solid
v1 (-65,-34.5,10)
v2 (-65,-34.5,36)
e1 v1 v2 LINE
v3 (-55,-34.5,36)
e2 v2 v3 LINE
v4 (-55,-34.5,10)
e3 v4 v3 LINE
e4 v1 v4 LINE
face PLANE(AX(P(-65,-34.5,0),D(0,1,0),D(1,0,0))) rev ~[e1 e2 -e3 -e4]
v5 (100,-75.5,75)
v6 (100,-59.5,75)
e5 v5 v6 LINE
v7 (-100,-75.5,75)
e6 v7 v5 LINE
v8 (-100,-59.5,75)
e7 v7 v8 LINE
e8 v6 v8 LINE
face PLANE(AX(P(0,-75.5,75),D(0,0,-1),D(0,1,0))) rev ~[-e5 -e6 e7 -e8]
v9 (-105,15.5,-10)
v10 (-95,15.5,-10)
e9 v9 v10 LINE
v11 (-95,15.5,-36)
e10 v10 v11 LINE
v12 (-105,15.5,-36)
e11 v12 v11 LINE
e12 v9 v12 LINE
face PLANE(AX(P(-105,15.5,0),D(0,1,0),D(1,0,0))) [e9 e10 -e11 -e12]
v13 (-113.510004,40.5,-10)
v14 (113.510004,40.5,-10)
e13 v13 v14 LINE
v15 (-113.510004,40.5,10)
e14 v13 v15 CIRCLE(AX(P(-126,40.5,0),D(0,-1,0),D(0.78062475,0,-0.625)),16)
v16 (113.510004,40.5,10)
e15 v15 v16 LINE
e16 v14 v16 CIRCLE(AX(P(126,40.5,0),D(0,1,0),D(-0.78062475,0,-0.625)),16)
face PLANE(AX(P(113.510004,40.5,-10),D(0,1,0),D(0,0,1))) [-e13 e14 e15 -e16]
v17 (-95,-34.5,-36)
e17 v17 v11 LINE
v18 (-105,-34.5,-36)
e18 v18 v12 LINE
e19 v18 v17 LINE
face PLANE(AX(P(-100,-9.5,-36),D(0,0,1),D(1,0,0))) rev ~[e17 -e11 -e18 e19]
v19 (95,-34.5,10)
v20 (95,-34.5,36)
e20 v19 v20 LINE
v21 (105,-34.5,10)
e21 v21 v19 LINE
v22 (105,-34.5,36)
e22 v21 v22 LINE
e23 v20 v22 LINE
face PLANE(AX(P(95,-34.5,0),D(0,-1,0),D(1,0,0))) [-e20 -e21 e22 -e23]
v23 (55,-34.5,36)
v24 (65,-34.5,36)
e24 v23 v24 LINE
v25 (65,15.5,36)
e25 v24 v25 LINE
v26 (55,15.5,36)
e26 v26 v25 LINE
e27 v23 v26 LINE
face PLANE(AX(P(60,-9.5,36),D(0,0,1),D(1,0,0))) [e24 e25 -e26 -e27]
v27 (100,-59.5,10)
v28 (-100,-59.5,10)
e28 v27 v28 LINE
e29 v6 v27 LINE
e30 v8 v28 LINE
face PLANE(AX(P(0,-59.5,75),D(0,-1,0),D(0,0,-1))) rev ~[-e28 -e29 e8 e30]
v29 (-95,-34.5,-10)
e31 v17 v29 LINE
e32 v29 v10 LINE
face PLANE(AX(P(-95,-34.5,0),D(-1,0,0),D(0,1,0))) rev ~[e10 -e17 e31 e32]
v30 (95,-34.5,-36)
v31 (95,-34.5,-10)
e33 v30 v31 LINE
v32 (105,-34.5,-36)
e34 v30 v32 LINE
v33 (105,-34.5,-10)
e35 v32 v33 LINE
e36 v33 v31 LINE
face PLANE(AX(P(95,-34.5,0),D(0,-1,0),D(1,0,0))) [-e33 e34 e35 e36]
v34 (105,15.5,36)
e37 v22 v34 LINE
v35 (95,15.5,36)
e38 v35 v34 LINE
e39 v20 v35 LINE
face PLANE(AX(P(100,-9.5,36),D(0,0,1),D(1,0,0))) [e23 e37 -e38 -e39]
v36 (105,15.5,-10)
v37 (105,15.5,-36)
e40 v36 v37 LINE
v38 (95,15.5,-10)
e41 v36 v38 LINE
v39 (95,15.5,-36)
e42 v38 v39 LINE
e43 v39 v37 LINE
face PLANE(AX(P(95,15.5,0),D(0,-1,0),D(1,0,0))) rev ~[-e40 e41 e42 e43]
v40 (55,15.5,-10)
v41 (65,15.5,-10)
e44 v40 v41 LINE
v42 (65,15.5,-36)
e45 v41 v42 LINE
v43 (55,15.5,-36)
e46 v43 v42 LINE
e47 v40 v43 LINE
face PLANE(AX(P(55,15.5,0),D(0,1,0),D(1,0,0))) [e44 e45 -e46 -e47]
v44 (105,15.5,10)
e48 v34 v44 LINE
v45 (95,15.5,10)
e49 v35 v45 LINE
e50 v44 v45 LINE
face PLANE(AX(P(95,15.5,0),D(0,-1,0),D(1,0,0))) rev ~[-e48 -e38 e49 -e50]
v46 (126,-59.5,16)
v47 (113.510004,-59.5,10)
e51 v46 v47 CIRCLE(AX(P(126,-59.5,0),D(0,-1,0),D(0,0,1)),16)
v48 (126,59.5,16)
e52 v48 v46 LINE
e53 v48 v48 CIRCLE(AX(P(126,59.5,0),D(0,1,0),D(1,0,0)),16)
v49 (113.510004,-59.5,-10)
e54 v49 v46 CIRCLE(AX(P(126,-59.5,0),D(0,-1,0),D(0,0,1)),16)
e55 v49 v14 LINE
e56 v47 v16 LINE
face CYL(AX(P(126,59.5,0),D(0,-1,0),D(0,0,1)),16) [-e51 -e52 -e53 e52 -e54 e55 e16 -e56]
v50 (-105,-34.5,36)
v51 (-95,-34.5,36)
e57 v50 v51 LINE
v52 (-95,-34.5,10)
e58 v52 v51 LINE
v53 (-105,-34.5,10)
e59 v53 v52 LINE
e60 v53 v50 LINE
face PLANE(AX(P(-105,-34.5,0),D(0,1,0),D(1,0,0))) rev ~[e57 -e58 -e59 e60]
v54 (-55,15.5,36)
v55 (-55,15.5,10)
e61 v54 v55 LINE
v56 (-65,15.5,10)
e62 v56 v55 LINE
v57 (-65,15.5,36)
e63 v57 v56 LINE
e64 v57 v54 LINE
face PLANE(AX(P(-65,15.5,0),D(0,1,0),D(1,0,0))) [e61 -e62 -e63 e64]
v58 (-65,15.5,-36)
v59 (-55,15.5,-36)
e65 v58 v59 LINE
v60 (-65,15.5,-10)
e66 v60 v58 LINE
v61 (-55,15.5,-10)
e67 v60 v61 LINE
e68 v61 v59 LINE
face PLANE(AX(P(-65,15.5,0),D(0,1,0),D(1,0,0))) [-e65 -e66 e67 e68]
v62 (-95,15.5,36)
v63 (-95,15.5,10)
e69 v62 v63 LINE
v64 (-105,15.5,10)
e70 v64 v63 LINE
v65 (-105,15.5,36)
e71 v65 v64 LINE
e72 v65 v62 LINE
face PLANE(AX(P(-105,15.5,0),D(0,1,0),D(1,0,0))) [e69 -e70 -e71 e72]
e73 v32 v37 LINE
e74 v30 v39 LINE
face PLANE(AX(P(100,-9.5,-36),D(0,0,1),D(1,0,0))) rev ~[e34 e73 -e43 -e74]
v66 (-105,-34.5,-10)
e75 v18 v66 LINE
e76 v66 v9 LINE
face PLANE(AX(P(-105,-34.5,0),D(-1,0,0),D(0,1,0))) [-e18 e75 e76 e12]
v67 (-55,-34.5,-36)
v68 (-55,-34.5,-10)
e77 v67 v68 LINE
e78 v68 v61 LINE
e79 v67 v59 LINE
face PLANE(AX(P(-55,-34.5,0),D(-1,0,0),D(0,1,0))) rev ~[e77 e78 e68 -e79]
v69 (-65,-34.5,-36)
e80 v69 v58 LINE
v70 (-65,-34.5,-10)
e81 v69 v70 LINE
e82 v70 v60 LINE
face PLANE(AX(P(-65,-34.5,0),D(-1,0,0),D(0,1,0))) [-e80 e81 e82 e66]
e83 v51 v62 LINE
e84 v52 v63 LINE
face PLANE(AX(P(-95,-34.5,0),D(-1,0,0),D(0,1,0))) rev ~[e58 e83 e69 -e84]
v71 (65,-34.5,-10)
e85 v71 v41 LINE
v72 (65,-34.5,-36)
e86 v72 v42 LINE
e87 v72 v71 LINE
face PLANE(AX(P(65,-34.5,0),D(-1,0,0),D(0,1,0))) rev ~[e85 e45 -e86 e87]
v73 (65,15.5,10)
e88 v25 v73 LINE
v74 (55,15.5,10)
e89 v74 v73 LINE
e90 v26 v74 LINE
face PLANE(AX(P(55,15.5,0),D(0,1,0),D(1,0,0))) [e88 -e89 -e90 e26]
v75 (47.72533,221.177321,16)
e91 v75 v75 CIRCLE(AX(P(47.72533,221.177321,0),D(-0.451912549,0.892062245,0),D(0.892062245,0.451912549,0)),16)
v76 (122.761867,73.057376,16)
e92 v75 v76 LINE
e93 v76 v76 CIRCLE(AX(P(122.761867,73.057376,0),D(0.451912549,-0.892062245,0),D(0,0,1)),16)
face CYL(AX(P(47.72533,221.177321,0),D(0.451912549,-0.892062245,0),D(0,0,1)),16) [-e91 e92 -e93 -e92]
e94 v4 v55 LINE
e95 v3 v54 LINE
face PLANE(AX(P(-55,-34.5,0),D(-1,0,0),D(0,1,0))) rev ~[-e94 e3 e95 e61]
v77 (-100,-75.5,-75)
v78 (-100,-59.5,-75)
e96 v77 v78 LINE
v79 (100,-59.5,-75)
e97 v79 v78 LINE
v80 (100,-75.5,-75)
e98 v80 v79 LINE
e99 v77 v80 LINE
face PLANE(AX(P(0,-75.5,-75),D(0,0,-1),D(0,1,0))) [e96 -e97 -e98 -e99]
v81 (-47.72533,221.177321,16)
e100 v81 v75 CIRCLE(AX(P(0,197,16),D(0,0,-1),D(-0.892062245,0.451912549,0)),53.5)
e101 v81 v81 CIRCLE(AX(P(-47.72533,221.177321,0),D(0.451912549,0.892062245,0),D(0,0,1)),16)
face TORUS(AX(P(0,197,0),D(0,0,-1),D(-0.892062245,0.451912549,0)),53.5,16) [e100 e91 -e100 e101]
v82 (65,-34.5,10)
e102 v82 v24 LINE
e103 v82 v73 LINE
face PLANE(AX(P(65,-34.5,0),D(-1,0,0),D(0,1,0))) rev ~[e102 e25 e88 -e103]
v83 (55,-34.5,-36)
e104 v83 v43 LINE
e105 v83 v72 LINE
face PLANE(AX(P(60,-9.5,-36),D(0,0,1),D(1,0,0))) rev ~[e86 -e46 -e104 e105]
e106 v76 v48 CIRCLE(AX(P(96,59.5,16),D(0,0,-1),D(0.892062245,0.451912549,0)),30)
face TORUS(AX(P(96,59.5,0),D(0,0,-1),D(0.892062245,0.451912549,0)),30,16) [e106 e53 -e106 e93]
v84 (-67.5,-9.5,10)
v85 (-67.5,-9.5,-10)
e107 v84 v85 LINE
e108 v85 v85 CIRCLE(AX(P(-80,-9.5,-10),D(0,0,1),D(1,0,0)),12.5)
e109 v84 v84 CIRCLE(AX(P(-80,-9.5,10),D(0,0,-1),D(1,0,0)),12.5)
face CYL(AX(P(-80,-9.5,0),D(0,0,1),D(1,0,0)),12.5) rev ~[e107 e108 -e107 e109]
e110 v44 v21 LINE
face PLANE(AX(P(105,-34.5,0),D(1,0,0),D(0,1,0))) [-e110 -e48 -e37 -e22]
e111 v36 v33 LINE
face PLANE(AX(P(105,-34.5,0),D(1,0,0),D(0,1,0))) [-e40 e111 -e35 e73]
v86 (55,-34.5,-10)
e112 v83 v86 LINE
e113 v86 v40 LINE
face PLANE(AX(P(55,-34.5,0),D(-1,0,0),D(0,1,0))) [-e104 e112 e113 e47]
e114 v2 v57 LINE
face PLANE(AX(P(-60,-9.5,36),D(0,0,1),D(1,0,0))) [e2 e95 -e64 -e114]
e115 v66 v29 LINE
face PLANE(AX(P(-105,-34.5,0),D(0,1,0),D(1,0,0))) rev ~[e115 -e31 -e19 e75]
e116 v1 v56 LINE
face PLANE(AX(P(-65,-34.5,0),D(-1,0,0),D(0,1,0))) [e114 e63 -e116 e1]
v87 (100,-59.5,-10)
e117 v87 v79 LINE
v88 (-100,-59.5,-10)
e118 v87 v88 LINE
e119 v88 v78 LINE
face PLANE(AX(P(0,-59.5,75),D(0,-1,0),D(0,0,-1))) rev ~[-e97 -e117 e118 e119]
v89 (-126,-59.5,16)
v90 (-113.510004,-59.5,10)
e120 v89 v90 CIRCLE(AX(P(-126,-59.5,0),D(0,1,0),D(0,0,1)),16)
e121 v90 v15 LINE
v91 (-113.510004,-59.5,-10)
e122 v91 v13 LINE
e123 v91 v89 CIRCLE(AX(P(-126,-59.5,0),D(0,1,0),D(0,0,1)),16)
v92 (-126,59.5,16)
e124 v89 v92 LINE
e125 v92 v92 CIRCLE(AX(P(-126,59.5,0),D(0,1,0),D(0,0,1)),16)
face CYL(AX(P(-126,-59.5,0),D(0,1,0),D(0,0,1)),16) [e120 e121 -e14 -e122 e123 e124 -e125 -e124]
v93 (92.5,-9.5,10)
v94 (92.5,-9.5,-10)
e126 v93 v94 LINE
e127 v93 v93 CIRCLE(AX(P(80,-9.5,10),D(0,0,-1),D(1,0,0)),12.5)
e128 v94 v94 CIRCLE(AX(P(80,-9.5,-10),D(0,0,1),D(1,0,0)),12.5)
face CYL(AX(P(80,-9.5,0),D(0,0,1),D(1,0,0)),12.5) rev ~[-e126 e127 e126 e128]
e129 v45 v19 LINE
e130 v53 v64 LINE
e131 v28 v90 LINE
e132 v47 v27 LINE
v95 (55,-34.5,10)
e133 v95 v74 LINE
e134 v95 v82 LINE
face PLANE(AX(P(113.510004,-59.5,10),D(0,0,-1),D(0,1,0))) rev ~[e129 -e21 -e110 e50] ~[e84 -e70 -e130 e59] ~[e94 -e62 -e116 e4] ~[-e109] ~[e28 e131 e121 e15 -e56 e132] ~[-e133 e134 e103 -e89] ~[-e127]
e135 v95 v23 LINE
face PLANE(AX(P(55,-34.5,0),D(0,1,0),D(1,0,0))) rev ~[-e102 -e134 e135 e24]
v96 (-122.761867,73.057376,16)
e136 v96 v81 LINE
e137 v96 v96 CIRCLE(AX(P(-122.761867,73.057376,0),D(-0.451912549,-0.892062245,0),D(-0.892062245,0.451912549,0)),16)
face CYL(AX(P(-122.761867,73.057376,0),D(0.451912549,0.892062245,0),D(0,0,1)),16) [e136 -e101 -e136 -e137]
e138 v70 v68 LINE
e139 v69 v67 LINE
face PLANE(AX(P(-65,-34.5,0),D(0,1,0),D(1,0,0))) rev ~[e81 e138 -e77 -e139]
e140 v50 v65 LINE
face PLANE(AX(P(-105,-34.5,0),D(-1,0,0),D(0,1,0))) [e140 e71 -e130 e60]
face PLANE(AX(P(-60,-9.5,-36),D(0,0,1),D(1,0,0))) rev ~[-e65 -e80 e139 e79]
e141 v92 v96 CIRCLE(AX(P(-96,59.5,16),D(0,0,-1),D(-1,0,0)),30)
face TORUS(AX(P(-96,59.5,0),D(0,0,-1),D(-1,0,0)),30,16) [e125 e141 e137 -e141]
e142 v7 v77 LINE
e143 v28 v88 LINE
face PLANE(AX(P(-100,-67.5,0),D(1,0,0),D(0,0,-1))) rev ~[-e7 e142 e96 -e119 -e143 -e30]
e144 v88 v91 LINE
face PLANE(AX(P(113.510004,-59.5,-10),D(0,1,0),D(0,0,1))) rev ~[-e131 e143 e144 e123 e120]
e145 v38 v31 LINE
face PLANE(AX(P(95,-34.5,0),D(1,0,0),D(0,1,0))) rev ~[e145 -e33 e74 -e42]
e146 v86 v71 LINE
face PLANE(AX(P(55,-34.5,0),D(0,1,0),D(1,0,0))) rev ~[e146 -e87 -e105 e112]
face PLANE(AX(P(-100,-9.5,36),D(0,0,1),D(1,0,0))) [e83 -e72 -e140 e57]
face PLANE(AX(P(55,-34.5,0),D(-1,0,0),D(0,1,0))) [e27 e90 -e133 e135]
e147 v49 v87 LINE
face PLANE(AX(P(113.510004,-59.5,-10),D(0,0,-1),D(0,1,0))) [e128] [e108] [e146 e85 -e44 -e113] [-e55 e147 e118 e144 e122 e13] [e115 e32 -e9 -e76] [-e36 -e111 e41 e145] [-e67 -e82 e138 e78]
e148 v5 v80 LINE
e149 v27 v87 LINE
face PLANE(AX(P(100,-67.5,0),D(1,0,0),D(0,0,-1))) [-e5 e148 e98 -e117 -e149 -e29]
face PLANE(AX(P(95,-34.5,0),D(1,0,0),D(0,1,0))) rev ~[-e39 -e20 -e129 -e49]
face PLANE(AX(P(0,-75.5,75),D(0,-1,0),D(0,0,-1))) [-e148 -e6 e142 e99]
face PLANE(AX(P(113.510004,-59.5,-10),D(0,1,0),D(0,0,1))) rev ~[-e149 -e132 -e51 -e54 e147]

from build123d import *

# Parameters (mm, degrees)
SWEEP1_PROFILE_R        = 16
SKETCH8_W               = 220
SKETCH8_H               = 100
BOSS_EXTRUDE1_DEPTH     = 10
BOSS_EXTRUDE3_START     = -223.510004
SKETCH12_W              = 20
SKETCH12_H              = 100
BOSS_EXTRUDE3_DEPTH     = 227.020008
SKETCH10_R              = 12.5
CUT_EXTRUDE1_DEPTH      = 17.0000001
CUT_EXTRUDE1_DEPTH_BACK = 17.0000001
SKETCH11_W              = 10
SKETCH11_H              = 50
BOSS_EXTRUDE2_DEPTH     = 36
SKETCH15_W              = 150
SKETCH15_H              = 16
BOSS_EXTRUDE4_DEPTH     = 100


with BuildPart() as part:
    # Sweep1: sweep along a path in Sketch1
    with BuildLine(Plane.XY) as sweep1_path:
        Line((-126, -59.5), (-126, 40.5))
        Line((-126, 40.5), (-126, 59.5))
        ThreePointArc((-126, 59.5), (-125.179239367, 66.4693608), (-122.761867336, 73.057376467))
        Line((-122.761867336, 73.057376467), (-47.725330083, 221.177321367))
        ThreePointArc((-47.725330083, 221.177321367), (0, 250.5), (47.725330083, 221.177321367))
        Line((47.725330083, 221.177321367), (122.761867336, 73.057376467))
        ThreePointArc((122.761867336, 73.057376467), (125.179239367, 66.4693608), (126, 59.5))
        Line((126, 59.5), (126, 40.5))
        Line((126, 40.5), (126, -59.5))
    # Sweep1 profile (on start of the path) → Sweep1 (sweep)
    with BuildSketch(Plane(origin=(-126, -59.5, 0), x_dir=(0, 0, 1), z_dir=(0, 1, 0))):
        Circle(SWEEP1_PROFILE_R)
    sweep(path=sweep1_path.line)



with BuildPart() as body_2:
    # Sketch8 → Boss-Extrude1 (new body, symmetric)
    with BuildSketch(Plane.XY):
        with Locations((0, -9.5)):
            Rectangle(SKETCH8_W, SKETCH8_H)
    extrude(amount=BOSS_EXTRUDE1_DEPTH, both=True)


with BuildPart() as part_1:
    add(part.part)

    add(body_2.part)  # Boss-Extrude3 merges body 2
    # Sketch12 → Boss-Extrude3 (add)
    with BuildSketch(Plane.ZY.offset(110).offset(BOSS_EXTRUDE3_START)):
        with Locations((0, -9.5)):
            Rectangle(SKETCH12_W, SKETCH12_H)
    extrude(amount=BOSS_EXTRUDE3_DEPTH)

    # Sketch10 → Cut-Extrude1 (cut, two sides)
    with BuildSketch(Plane.XY) as cut_extrude1_sk:
        with Locations((80, -9.5)):
            Circle(SKETCH10_R)
        with Locations((-80, -9.5)):
            Circle(SKETCH10_R)
    extrude(amount=CUT_EXTRUDE1_DEPTH, mode=Mode.SUBTRACT)
    extrude(cut_extrude1_sk.sketch, amount=-CUT_EXTRUDE1_DEPTH_BACK, mode=Mode.SUBTRACT)

    # Sketch11 → Boss-Extrude2 (add, symmetric)
    with BuildSketch(Plane.XY):
        with Locations((-100, -9.5)):
            Rectangle(SKETCH11_W, SKETCH11_H)
        with Locations((-60, -9.5)):
            Rectangle(SKETCH11_W, SKETCH11_H)
        with Locations((60, -9.5)):
            Rectangle(SKETCH11_W, SKETCH11_H)
        with Locations((100, -9.5)):
            Rectangle(SKETCH11_W, SKETCH11_H)
    extrude(amount=BOSS_EXTRUDE2_DEPTH, both=True)

    # Sketch15 → Boss-Extrude4 (add, symmetric)
    with BuildSketch(Plane(origin=(0, 0, 0), x_dir=(0, 0, -1), z_dir=(1, 0, 0))):
        with Locations((0, -67.5)):
            Rectangle(SKETCH15_W, SKETCH15_H)
    extrude(amount=BOSS_EXTRUDE4_DEPTH, both=True)


solid = part_1.part
